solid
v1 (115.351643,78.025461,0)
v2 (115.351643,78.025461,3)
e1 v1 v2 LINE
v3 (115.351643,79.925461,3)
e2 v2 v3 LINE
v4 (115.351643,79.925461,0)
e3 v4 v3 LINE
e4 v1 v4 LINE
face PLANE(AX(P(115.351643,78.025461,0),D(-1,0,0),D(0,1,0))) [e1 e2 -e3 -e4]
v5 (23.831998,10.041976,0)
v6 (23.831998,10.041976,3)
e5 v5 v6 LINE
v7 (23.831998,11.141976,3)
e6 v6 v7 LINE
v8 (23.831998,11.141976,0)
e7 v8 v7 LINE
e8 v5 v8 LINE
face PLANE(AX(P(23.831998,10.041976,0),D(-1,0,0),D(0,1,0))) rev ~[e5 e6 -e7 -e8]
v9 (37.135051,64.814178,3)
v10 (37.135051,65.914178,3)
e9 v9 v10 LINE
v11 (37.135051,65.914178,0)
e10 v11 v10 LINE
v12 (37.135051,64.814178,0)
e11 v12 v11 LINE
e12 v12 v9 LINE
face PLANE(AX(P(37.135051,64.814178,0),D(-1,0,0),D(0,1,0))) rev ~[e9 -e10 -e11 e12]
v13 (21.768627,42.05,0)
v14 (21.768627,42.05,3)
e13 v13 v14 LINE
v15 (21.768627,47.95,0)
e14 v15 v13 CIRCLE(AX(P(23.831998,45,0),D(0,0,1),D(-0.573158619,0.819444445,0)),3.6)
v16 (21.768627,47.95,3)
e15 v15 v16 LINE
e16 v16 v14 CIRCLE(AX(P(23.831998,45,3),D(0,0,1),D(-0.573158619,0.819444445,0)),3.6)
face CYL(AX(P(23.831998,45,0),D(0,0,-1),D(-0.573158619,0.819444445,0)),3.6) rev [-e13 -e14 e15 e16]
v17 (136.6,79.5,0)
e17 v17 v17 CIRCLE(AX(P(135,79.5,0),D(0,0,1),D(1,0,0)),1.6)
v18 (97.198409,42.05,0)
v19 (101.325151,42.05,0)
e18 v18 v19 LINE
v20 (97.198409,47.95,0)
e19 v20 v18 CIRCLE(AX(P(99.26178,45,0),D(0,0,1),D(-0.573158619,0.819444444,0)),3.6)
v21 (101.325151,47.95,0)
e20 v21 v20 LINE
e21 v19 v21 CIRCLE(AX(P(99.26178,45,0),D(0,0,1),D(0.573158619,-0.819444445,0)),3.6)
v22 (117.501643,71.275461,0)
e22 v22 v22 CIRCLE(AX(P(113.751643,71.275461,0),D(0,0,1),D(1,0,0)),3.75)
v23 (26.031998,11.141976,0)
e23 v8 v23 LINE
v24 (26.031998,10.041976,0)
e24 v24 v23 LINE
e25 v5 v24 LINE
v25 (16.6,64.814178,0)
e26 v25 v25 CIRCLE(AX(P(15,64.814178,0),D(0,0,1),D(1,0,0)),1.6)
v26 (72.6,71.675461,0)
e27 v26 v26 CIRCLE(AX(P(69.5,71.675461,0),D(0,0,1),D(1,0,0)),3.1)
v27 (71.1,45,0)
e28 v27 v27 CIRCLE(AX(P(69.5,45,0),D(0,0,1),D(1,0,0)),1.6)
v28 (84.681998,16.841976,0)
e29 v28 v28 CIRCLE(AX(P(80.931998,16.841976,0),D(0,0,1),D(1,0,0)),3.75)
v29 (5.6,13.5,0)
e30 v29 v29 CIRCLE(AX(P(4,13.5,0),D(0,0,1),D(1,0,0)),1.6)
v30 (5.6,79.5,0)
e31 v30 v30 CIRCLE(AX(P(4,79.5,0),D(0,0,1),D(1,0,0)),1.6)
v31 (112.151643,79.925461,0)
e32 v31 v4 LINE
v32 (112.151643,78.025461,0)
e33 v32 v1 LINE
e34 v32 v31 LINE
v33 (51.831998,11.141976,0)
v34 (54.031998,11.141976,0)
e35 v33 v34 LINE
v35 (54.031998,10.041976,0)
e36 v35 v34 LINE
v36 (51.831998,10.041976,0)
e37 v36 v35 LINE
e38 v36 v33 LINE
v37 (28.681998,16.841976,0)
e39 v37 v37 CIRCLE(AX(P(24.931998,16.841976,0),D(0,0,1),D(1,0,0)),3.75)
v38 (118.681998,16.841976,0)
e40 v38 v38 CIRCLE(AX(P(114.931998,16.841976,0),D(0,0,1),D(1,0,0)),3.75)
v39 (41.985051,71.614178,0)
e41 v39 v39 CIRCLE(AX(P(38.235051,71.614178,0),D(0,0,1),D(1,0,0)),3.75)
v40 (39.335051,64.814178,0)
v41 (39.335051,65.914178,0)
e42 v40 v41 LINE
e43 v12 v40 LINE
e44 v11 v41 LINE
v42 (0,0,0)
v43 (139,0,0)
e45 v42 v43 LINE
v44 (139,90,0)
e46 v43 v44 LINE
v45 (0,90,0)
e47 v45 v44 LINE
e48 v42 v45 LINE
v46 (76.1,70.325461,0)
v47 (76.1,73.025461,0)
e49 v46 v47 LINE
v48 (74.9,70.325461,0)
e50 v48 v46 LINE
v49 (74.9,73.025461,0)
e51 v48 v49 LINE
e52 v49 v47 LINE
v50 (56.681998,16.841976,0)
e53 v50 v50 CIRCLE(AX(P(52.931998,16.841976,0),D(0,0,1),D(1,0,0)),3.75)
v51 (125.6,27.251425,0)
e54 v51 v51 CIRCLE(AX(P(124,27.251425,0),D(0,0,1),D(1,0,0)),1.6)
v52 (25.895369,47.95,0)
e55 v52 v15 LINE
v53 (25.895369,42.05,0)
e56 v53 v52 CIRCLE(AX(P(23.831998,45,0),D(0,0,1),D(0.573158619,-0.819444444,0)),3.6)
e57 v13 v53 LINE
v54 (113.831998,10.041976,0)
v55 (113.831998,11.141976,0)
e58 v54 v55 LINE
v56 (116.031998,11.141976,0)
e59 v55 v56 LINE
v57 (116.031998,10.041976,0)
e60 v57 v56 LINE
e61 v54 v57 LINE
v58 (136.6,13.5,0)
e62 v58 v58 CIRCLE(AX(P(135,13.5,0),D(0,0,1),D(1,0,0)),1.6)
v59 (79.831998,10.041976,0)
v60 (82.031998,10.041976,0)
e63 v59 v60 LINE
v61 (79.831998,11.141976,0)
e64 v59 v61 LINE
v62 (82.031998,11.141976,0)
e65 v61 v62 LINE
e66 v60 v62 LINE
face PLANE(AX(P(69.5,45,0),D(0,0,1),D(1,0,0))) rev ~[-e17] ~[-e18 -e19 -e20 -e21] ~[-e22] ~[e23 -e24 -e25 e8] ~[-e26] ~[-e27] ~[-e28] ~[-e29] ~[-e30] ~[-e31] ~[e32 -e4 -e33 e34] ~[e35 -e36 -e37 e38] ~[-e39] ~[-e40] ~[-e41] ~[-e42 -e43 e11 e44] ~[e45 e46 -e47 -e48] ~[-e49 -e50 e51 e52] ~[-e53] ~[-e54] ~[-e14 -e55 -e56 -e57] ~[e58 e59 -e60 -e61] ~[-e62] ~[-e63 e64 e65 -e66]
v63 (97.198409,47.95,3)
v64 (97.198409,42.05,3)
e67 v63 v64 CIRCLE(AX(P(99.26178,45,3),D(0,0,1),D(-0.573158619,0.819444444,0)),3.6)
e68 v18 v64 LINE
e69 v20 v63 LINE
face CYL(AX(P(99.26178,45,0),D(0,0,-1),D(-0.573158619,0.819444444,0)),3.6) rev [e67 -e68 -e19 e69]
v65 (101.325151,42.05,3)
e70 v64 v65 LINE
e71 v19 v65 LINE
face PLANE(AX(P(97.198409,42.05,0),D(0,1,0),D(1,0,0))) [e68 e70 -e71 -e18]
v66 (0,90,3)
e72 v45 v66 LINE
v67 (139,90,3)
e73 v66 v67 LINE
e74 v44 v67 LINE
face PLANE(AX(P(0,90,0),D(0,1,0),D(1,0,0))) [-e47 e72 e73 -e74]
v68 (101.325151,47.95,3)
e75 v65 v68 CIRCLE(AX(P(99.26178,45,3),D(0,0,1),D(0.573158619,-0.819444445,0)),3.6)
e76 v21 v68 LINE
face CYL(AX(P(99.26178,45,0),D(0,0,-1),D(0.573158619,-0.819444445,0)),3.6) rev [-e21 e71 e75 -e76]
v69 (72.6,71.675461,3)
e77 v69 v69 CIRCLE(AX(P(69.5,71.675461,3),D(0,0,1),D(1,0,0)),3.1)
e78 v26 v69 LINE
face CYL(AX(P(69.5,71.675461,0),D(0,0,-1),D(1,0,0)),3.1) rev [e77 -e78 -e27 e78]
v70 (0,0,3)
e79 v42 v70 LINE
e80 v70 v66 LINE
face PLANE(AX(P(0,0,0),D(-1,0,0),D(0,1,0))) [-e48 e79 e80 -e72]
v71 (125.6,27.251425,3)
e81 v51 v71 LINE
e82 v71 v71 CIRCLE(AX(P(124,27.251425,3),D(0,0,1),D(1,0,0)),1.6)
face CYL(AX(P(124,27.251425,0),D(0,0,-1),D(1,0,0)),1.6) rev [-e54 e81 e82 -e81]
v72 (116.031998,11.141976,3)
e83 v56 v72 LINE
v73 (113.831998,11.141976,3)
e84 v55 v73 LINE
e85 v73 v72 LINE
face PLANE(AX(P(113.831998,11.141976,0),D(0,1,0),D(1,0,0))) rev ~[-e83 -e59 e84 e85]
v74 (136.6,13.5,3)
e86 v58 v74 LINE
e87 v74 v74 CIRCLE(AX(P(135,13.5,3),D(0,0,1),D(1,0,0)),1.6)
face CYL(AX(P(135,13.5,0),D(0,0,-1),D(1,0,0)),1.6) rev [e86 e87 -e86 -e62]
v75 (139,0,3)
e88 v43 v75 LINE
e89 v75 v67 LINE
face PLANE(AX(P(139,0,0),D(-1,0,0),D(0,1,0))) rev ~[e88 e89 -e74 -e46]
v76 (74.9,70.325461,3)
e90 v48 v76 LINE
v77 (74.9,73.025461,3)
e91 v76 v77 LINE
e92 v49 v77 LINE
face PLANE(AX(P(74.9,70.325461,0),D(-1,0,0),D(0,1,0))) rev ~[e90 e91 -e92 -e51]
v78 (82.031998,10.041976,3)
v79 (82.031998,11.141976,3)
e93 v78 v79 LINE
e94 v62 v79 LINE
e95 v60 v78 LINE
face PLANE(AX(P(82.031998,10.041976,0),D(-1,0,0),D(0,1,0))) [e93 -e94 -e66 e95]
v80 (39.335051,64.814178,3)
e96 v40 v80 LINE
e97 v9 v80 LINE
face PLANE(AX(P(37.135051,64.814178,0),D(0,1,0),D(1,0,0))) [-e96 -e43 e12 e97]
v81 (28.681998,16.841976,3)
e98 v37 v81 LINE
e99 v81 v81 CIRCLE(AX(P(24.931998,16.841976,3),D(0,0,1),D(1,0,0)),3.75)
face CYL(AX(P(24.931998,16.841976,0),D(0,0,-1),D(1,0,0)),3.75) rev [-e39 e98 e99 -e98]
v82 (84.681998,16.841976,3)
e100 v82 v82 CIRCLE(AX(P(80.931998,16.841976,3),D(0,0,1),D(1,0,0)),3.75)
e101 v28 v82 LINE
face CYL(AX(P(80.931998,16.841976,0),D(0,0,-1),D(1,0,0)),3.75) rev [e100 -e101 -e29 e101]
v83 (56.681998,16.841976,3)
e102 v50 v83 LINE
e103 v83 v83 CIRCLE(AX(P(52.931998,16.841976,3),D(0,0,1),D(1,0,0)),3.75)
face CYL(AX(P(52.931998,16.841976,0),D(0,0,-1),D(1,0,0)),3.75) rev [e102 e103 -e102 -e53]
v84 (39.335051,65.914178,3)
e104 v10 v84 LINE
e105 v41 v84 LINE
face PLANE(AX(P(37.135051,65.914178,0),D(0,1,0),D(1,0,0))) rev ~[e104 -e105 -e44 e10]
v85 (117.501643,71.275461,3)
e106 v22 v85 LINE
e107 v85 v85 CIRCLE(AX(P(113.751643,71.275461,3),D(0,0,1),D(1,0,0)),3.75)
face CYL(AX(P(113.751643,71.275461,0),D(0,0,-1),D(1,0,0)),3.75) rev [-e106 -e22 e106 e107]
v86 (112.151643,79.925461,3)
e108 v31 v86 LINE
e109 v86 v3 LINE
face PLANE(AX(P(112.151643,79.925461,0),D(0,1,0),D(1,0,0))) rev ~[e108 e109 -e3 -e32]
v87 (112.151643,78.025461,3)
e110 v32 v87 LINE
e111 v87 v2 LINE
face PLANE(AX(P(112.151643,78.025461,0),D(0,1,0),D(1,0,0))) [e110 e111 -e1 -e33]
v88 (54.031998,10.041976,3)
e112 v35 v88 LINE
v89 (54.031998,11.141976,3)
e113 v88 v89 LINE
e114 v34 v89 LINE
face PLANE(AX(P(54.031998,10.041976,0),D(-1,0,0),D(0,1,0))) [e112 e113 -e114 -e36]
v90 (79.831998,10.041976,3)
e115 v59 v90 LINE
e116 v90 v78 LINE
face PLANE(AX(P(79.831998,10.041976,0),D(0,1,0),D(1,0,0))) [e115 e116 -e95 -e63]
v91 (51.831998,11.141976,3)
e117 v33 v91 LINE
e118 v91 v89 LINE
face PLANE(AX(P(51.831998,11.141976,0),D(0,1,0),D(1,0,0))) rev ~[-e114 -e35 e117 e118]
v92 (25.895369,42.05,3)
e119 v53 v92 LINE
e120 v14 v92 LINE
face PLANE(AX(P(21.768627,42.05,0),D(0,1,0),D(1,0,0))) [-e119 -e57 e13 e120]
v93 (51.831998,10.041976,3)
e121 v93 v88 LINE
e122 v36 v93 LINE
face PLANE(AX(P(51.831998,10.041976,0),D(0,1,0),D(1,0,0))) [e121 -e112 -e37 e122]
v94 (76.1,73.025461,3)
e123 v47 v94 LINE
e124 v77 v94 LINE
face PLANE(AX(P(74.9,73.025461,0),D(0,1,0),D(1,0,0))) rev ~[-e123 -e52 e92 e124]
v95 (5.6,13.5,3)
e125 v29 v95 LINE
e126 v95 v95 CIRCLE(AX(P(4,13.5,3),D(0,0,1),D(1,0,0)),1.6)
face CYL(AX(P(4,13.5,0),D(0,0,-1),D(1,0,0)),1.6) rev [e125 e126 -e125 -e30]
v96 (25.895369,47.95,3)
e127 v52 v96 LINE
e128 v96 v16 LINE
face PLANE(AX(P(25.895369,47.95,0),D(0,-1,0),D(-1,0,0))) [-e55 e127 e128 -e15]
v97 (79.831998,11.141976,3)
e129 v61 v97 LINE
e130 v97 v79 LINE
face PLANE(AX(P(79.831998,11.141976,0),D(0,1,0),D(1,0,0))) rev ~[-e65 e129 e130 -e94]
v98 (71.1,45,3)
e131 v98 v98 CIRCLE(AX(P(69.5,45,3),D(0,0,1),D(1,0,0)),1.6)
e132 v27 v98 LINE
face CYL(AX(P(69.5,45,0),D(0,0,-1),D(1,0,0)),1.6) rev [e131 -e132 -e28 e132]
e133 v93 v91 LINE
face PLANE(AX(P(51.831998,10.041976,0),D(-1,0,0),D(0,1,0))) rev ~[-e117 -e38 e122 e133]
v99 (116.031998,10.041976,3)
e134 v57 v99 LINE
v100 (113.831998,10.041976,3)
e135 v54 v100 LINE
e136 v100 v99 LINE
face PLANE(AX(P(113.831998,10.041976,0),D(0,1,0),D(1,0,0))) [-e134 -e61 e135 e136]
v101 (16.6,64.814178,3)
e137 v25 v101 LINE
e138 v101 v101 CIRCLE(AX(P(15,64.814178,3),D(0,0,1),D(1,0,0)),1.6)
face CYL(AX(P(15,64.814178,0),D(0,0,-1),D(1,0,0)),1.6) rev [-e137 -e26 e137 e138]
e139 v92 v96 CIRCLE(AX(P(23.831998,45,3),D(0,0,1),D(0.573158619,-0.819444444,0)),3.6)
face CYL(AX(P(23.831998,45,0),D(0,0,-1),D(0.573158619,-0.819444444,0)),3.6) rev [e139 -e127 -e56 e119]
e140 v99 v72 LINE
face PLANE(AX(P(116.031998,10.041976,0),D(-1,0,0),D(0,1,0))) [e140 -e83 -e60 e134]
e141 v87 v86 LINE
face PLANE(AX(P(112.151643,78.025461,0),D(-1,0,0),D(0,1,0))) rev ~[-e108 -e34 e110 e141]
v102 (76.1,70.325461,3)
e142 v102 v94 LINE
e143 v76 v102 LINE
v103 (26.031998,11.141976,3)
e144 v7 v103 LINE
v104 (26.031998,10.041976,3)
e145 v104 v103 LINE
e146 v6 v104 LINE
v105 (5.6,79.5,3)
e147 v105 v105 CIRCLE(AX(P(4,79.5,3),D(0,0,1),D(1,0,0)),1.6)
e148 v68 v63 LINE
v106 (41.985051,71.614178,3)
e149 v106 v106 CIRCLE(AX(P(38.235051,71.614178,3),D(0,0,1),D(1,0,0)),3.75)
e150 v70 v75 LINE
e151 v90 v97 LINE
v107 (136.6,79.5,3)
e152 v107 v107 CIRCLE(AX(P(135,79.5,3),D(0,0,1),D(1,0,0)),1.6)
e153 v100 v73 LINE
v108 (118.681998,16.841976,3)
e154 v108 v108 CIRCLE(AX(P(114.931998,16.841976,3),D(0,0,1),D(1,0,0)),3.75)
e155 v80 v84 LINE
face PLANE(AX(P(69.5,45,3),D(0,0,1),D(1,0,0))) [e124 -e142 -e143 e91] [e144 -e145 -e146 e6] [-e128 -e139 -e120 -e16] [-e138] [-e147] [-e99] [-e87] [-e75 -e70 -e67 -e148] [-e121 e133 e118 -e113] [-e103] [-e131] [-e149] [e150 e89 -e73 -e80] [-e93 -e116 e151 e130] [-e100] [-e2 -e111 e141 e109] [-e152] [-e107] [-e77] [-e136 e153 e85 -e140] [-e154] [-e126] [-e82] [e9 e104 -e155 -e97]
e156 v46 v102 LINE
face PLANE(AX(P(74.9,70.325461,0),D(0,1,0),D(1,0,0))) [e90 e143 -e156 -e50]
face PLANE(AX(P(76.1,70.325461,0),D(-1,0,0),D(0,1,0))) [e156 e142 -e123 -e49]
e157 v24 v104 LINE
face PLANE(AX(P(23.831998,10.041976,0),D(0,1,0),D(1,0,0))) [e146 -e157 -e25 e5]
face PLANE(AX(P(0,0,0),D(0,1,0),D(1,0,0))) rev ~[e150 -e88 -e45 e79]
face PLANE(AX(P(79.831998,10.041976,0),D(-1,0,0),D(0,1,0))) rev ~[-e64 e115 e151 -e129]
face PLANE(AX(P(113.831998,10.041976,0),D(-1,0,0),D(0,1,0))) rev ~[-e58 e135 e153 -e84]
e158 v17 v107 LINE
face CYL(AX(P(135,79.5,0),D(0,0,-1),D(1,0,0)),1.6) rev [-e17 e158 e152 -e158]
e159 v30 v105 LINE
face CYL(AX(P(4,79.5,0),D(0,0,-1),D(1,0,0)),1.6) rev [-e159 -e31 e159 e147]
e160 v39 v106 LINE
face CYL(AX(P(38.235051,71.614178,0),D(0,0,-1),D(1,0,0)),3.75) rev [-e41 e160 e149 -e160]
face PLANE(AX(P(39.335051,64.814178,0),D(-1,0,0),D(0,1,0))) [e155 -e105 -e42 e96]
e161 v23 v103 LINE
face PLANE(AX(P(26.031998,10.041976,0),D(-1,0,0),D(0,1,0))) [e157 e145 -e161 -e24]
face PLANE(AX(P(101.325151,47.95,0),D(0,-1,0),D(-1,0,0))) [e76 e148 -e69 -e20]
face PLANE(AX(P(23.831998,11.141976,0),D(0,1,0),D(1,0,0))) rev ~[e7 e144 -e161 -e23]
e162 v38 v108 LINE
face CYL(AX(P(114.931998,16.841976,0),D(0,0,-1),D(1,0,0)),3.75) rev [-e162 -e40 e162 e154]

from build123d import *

# Parameters (mm, degrees)
SKETCH1_W           = 139
SKETCH1_H           = 90
SKETCH1_R           = 1.6
SKETCH1_R_2         = 3.75
SKETCH1_R_3         = 3.1
SKETCH1_W_2         = 2.2
SKETCH1_H_2         = 1.1
SKETCH1_W_3         = 1.2
SKETCH1_H_3         = 2.7
SKETCH1_W_4         = 3.2
SKETCH1_H_4         = 1.9
BOSS_EXTRUDE1_DEPTH = 3


with BuildPart() as part:
    # Sketch1 → Boss-Extrude1 (new body)
    with BuildSketch(Plane.XY):
        with Locations((69.5, 45)):
            Rectangle(SKETCH1_W, SKETCH1_H)
        with Locations((4, 79.5)):
            Circle(SKETCH1_R, mode=Mode.SUBTRACT)
        with Locations((135, 79.5)):
            Circle(SKETCH1_R, mode=Mode.SUBTRACT)
        with Locations((135, 13.5)):
            Circle(SKETCH1_R, mode=Mode.SUBTRACT)
        with Locations((4, 13.5)):
            Circle(SKETCH1_R, mode=Mode.SUBTRACT)
        with Locations((15, 64.814177958)):
            Circle(SKETCH1_R, mode=Mode.SUBTRACT)
        with Locations((38.235051241, 71.614177958)):
            Circle(SKETCH1_R_2, mode=Mode.SUBTRACT)
        with Locations((124, 27.251424775)):
            Circle(SKETCH1_R, mode=Mode.SUBTRACT)
        with Locations((24.931997534, 16.841976033)):
            Circle(SKETCH1_R_2, mode=Mode.SUBTRACT)
        with Locations((52.931997534, 16.841976033)):
            Circle(SKETCH1_R_2, mode=Mode.SUBTRACT)
        with Locations((80.931997534, 16.841976033)):
            Circle(SKETCH1_R_2, mode=Mode.SUBTRACT)
        with Locations((114.931997534, 16.841976033)):
            Circle(SKETCH1_R_2, mode=Mode.SUBTRACT)
        with Locations((69.5, 71.675460618)):
            Circle(SKETCH1_R_3, mode=Mode.SUBTRACT)
        with Locations((113.751643049, 71.275460618)):
            Circle(SKETCH1_R_2, mode=Mode.SUBTRACT)
        with Locations((69.5, 45)):
            Circle(SKETCH1_R, mode=Mode.SUBTRACT)
        with Locations((38.235051241, 65.364177958)):
            Rectangle(SKETCH1_W_2, SKETCH1_H_2, mode=Mode.SUBTRACT)
        with Locations((24.931997534, 10.591976033)):
            Rectangle(SKETCH1_W_2, SKETCH1_H_2, mode=Mode.SUBTRACT)
        with Locations((52.931997534, 10.591976033)):
            Rectangle(SKETCH1_W_2, SKETCH1_H_2, mode=Mode.SUBTRACT)
        with Locations((80.931997534, 10.591976033)):
            Rectangle(SKETCH1_W_2, SKETCH1_H_2, mode=Mode.SUBTRACT)
        with Locations((114.931997534, 10.591976033)):
            Rectangle(SKETCH1_W_2, SKETCH1_H_2, mode=Mode.SUBTRACT)
        with BuildLine():
            Line((97.198408737, 42.05), (101.325150794, 42.05))
            ThreePointArc((101.325150794, 42.05), (102.861779766, 45), (101.325150794, 47.95))
            Line((101.325150794, 47.95), (97.198408737, 47.95))
            ThreePointArc((97.198408737, 47.95), (95.661779766, 45), (97.198408737, 42.05))
        make_face(mode=Mode.SUBTRACT)
        with Locations((75.5, 71.675460618)):
            Rectangle(SKETCH1_W_3, SKETCH1_H_3, mode=Mode.SUBTRACT)
        with Locations((113.751643049, 78.975460618)):
            Rectangle(SKETCH1_W_4, SKETCH1_H_4, mode=Mode.SUBTRACT)
        with BuildLine():
            Line((21.768626506, 42.05), (25.895368563, 42.05))
            ThreePointArc((25.895368563, 42.05), (27.431997534, 45), (25.895368563, 47.95))
            Line((25.895368563, 47.95), (21.768626506, 47.95))
            ThreePointArc((21.768626506, 47.95), (20.231997534, 45), (21.768626506, 42.05))
        make_face(mode=Mode.SUBTRACT)
    extrude(amount=BOSS_EXTRUDE1_DEPTH)


solid = part.part
